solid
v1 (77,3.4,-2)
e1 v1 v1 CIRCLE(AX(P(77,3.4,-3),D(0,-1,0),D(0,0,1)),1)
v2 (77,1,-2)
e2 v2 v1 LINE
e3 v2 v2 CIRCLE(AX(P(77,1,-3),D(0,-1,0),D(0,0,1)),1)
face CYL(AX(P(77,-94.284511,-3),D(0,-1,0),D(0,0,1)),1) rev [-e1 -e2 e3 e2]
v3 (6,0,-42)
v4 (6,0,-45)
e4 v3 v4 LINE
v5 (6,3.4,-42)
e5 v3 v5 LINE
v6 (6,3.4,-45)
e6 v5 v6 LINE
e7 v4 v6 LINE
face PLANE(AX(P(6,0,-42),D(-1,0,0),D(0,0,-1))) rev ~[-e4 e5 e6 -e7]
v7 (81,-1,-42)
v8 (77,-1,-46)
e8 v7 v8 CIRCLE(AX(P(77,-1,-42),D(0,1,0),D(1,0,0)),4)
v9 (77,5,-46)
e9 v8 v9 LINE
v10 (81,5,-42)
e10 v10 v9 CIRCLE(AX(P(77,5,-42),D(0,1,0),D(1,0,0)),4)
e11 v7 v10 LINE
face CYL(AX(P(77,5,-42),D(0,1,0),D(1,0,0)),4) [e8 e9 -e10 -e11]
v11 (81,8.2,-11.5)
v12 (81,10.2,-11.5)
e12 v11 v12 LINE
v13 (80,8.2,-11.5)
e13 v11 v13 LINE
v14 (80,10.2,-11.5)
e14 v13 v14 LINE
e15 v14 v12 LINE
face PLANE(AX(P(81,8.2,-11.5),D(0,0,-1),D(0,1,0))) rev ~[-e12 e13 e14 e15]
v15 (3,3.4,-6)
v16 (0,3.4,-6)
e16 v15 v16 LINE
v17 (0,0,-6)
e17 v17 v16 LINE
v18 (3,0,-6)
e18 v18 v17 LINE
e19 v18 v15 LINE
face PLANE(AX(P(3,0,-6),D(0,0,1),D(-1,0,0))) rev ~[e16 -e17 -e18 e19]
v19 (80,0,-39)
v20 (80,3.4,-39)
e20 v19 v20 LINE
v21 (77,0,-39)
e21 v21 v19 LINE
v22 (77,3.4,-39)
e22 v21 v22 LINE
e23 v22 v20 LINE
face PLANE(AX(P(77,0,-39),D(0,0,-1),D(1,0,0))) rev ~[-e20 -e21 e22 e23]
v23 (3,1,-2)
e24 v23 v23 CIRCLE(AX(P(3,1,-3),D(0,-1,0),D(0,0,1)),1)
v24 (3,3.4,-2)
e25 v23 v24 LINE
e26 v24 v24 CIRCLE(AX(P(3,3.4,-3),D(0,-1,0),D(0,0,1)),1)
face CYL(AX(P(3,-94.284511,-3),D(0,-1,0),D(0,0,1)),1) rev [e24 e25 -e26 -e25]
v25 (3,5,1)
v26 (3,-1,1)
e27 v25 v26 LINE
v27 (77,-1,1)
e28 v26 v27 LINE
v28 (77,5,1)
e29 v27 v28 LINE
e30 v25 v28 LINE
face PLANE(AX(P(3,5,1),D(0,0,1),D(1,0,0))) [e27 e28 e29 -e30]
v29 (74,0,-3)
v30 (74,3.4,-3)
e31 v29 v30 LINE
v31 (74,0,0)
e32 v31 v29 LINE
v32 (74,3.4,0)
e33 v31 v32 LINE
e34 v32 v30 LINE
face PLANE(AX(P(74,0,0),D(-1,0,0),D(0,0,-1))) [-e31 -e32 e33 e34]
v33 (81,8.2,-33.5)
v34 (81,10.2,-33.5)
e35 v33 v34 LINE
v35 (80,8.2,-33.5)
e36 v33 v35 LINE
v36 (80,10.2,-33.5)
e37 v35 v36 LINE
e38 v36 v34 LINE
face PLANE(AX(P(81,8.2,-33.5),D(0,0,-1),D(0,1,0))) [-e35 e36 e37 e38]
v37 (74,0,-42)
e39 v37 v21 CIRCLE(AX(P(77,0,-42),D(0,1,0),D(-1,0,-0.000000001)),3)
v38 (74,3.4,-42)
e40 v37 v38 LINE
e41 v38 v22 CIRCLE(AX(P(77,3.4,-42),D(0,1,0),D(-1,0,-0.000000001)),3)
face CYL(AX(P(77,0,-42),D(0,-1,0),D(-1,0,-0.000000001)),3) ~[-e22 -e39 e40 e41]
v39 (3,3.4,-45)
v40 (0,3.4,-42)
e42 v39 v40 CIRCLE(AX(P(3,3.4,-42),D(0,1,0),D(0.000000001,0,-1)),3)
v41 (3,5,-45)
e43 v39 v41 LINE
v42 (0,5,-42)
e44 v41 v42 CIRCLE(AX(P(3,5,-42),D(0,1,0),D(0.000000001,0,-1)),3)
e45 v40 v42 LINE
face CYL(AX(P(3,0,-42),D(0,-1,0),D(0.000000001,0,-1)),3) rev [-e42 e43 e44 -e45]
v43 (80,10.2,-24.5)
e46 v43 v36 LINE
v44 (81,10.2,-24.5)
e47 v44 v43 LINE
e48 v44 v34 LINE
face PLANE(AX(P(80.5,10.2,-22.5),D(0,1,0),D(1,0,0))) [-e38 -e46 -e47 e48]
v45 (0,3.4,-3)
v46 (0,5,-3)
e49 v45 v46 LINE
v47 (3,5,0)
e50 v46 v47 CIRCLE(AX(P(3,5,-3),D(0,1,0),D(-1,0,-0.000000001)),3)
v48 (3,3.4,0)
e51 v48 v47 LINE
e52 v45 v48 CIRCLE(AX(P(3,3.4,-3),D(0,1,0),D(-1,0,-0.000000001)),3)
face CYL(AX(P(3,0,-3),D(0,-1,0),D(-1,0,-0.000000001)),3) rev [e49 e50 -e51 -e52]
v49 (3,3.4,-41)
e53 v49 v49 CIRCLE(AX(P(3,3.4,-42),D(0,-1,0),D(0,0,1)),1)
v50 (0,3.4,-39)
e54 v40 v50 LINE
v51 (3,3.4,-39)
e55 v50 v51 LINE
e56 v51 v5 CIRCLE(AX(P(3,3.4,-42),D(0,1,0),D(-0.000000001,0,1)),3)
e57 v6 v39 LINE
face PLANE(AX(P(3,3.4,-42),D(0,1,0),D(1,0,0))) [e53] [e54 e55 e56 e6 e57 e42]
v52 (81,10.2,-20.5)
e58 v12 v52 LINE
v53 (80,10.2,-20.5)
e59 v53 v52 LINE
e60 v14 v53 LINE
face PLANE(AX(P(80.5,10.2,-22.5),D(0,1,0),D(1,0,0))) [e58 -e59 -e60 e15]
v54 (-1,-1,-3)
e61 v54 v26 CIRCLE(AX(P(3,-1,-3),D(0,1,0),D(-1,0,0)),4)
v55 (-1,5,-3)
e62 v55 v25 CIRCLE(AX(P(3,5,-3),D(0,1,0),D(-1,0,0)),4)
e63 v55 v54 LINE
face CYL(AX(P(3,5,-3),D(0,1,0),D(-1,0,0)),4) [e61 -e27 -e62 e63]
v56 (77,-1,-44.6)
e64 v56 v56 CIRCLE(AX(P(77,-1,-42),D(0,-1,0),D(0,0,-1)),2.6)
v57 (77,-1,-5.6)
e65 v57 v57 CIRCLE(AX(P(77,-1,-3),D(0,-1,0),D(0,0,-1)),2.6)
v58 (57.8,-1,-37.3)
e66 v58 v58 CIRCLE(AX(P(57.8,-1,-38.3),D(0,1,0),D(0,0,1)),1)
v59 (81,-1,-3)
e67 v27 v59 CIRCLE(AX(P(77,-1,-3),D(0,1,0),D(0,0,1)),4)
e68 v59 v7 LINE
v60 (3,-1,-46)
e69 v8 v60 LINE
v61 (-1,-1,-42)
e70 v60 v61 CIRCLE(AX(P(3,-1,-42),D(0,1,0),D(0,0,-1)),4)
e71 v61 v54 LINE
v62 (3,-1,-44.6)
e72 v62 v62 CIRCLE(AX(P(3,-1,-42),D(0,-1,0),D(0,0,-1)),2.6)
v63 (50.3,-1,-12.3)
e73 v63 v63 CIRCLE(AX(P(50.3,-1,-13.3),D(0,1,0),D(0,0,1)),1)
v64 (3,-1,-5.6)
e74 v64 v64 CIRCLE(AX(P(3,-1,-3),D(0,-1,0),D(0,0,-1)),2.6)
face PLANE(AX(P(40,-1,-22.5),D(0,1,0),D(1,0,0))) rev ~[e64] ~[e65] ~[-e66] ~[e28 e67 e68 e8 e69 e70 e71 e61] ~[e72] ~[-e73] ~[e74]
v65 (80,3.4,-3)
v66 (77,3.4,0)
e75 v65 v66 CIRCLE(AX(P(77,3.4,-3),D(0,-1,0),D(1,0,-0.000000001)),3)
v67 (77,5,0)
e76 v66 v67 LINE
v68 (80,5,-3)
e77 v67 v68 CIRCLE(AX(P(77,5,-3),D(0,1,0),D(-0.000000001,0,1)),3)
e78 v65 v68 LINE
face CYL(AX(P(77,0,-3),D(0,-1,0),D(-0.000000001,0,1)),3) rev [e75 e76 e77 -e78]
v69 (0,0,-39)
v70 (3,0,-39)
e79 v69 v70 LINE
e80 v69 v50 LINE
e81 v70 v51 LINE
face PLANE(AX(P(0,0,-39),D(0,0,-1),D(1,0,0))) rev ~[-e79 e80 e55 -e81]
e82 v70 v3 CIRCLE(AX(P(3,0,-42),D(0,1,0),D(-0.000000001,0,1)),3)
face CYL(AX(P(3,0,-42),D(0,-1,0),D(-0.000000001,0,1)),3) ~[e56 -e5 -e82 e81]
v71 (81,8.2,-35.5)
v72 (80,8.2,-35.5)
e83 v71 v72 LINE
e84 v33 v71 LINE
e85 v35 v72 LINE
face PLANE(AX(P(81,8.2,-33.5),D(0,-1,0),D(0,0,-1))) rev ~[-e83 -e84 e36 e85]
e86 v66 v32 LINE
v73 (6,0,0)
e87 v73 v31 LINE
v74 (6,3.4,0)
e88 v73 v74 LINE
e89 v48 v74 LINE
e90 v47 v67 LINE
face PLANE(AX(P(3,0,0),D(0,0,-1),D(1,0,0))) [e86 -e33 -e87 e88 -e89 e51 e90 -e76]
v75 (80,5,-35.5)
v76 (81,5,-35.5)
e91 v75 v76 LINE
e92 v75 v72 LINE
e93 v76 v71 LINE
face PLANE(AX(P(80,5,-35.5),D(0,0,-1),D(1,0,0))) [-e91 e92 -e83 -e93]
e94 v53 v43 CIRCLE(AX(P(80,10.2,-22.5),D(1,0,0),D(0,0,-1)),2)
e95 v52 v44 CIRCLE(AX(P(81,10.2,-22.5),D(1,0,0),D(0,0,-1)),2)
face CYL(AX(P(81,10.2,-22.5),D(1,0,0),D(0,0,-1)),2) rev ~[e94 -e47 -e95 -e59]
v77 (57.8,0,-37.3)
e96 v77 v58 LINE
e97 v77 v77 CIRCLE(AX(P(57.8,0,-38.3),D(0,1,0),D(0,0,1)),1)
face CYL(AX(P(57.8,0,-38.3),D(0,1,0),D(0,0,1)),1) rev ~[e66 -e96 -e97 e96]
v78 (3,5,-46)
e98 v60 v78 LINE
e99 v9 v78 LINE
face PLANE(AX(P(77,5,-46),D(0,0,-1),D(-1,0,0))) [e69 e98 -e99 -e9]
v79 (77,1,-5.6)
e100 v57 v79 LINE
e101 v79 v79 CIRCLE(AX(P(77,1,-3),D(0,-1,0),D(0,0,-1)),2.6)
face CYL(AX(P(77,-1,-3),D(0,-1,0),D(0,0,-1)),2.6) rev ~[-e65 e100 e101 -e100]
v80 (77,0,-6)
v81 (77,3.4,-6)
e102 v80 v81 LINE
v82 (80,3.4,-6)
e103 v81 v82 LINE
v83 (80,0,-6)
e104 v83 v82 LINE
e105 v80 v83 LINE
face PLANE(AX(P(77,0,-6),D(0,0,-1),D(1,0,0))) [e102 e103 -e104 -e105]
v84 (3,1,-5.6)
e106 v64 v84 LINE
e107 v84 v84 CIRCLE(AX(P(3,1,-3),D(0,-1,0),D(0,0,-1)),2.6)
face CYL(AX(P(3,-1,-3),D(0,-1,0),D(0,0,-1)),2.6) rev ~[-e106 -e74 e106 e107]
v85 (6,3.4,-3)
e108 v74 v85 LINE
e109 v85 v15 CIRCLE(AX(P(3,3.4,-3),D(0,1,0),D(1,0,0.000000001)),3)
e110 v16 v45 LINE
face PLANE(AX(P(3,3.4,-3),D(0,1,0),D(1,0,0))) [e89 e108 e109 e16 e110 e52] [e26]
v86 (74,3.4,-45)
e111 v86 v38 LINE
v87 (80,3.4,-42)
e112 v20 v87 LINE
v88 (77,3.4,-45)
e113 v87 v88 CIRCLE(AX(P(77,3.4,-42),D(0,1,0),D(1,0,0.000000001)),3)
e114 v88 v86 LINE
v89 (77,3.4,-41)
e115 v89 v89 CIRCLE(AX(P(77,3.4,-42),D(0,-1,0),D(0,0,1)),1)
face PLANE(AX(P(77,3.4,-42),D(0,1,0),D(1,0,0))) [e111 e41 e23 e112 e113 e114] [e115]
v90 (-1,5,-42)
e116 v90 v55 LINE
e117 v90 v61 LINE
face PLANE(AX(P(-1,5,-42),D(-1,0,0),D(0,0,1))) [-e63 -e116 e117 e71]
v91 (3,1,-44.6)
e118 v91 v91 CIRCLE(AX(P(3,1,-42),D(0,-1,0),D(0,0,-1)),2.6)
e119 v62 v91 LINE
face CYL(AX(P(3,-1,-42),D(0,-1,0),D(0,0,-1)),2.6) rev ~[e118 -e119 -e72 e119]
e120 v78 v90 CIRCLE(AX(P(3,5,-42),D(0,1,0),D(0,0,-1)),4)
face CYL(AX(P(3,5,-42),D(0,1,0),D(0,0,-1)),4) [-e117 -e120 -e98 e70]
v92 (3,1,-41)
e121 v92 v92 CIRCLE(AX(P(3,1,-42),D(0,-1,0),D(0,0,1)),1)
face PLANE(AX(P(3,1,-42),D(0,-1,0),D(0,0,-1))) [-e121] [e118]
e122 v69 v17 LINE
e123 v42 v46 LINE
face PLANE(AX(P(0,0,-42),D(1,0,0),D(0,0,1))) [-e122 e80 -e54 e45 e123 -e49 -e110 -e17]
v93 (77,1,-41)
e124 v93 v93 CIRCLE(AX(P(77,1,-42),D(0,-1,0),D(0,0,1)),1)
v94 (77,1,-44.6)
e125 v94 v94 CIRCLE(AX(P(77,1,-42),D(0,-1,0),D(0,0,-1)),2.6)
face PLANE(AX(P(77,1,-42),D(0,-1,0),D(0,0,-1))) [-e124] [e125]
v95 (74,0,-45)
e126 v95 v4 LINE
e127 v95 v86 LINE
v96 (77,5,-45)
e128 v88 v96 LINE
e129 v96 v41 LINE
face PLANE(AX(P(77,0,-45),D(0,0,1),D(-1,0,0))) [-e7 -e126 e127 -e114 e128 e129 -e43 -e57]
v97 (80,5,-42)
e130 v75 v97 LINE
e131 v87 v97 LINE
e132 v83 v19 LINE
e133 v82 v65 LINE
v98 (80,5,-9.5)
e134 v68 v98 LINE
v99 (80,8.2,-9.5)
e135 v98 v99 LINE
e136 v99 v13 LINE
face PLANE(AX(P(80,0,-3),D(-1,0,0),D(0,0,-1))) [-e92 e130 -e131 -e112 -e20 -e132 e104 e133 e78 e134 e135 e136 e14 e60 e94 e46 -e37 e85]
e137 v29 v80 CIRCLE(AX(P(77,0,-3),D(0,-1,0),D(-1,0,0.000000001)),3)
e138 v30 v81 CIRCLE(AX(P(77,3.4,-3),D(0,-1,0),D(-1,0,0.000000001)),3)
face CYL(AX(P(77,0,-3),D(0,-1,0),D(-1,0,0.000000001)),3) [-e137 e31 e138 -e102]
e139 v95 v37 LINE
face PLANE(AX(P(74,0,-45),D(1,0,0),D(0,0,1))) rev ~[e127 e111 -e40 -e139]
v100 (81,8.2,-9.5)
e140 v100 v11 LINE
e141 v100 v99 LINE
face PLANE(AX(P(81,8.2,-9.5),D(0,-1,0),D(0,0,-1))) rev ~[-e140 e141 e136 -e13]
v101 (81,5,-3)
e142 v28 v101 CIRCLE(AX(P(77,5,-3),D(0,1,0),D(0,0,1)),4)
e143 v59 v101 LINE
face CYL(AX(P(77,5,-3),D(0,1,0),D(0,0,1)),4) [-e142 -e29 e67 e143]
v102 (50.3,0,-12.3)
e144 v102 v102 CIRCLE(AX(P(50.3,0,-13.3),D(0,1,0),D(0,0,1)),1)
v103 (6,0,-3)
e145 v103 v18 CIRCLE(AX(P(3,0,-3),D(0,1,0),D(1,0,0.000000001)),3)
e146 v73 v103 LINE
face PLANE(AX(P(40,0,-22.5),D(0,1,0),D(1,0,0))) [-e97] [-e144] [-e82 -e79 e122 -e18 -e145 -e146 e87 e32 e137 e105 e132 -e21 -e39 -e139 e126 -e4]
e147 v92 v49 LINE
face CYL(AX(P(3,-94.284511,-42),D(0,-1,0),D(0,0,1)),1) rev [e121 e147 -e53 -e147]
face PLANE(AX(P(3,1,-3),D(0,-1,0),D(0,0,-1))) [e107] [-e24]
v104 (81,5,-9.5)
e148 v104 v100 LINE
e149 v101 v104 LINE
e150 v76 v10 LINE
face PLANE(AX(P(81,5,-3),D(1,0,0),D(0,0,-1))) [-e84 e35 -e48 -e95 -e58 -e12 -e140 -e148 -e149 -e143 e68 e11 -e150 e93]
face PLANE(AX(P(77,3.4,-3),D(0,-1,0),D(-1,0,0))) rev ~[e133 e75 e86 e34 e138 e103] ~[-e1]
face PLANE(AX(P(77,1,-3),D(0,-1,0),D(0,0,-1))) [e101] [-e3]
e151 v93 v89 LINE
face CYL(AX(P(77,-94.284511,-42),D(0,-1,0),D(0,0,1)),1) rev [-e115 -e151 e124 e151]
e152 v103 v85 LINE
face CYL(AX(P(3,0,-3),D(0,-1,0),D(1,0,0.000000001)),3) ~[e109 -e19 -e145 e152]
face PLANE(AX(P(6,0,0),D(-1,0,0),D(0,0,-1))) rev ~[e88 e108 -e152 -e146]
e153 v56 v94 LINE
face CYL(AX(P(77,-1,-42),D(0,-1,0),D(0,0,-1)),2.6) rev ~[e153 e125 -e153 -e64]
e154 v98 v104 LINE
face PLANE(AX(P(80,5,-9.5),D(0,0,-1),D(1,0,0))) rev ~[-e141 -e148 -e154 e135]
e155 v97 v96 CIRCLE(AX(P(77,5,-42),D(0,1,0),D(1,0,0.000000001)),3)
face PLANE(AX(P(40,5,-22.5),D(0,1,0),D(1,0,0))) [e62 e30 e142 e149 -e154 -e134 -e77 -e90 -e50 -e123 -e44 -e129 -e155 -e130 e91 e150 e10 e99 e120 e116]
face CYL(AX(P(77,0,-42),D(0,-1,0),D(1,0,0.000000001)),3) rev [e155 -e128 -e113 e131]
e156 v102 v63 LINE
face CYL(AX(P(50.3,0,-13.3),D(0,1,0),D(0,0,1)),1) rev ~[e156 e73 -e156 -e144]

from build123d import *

# Parameters (mm, degrees)
EXTRUDE_1_DEPTH          = 1
EXTRUDE_START            = 5
EXTRUDE_2_DEPTH          = 5
CUT_EXTRUDE_2_DEPTH      = 5
EXTRUDE_3_DEPTH          = 3.4
CUT_EXTRUDE_3_DEPTH      = 94.28451104
CUT_EXTRUDE_3_DEPTH_BACK = 94.28451104
SKETCH_4_R               = 1
SKETCH_7_R               = 1
CUT_EXTRUDE_8_DEPTH      = 94.28451104
SKETCH_8_R               = 2.6
CUT_EXTRUDE_9_DEPTH      = 2
SKETCH_9_W               = 1
SKETCH_9_H               = 26
EXTRUDE_4_DEPTH          = 5.2
CUT_EXTRUDE_11_REACH     = 96.573
SKETCH_10_R              = 2
SKETCH_10_W              = 2
SKETCH_10_H              = 4


with BuildPart() as part:
    # 草图1 → 凸台-拉伸1 (new body)
    with BuildSketch(Plane(origin=(0, 0, 0), x_dir=(1, 0, 0), z_dir=(0, 1, 0))):
        with BuildLine():
            Line((3, -1), (77, -1))
            ThreePointArc((77, -1), (79.828427125, 0.171572875), (81, 3))
            Line((81, 3), (81, 42))
            ThreePointArc((81, 42), (79.828427125, 44.828427125), (77, 46))
            Line((77, 46), (3, 46))
            ThreePointArc((3, 46), (0.171572875, 44.828427125), (-1, 42))
            Line((-1, 42), (-1, 3))
            ThreePointArc((-1, 3), (0.171572875, 0.171572875), (3, -1))
        make_face()
    extrude(amount=-EXTRUDE_1_DEPTH)

    # 草图1<3> → 凸台-拉伸2 (add)
    with BuildSketch(Plane(origin=(0, 0, 0), x_dir=(1, 0, 0), z_dir=(0, 1, 0)).offset(EXTRUDE_START)):
        with BuildLine():
            Line((3, -1), (77, -1))
            ThreePointArc((77, -1), (79.828427125, 0.171572875), (81, 3))
            Line((81, 3), (81, 42))
            ThreePointArc((81, 42), (79.828427125, 44.828427125), (77, 46))
            Line((77, 46), (3, 46))
            ThreePointArc((3, 46), (0.171572875, 44.828427125), (-1, 42))
            Line((-1, 42), (-1, 3))
            ThreePointArc((-1, 3), (0.171572875, 0.171572875), (3, -1))
        make_face()
    extrude(amount=-EXTRUDE_2_DEPTH)

    # 草图6 → 切除-拉伸2 (cut)
    with BuildSketch(Plane(origin=(0, 0, 0), x_dir=(1, 0, 0), z_dir=(0, 1, 0))):
        with BuildLine():
            Line((80, 3), (80, 42))
            ThreePointArc((80, 42), (79.121320344, 44.121320344), (77, 45))
            Line((77, 45), (3, 45))
            ThreePointArc((3, 45), (0.878679656, 44.121320344), (0, 42))
            Line((0, 42), (0, 3))
            ThreePointArc((0, 3), (0.878679656, 0.878679656), (3, 0))
            Line((3, 0), (77, 0))
            ThreePointArc((77, 0), (79.121320344, 0.878679656), (80, 3))
        make_face()
    extrude(amount=CUT_EXTRUDE_2_DEPTH, mode=Mode.SUBTRACT)

    # 草图5 → 凸台-拉伸3 (add)
    with BuildSketch(Plane(origin=(0, 0, 0), x_dir=(1, 0, 0), z_dir=(0, 1, 0))):
        with BuildLine():
            Line((77, 6), (80, 6))
            Line((80, 6), (80, 3))
            ThreePointArc((80, 3), (79.121320344, 0.878679656), (77, 0))
            Line((77, 0), (74, 0))
            Line((74, 0), (74, 3))
            ThreePointArc((74, 3), (74.878679656, 5.121320344), (77, 6))
        make_face()
        with BuildLine():
            Line((77, 45), (74, 45))
            Line((74, 45), (74, 42))
            ThreePointArc((74, 42), (74.878679656, 39.878679656), (77, 39))
            Line((77, 39), (80, 39))
            Line((80, 39), (80, 42))
            ThreePointArc((80, 42), (79.121320344, 44.121320344), (77, 45))
        make_face()
        with BuildLine():
            Line((0, 42), (0, 39))
            Line((0, 39), (3, 39))
            ThreePointArc((3, 39), (5.121320344, 39.878679656), (6, 42))
            Line((6, 42), (6, 45))
            Line((6, 45), (3, 45))
            ThreePointArc((3, 45), (0.878679656, 44.121320344), (0, 42))
        make_face()
        with BuildLine():
            Line((3, 6), (0, 6))
            Line((0, 6), (0, 3))
            ThreePointArc((0, 3), (0.878679656, 0.878679656), (3, 0))
            Line((3, 0), (6, 0))
            Line((6, 0), (6, 3))
            ThreePointArc((6, 3), (5.121320344, 5.121320344), (3, 6))
        make_face()
    extrude(amount=EXTRUDE_3_DEPTH)

    # 草图4 → 切除-拉伸3 (cut, two sides: drawn at the far end of the back side and taken through both)
    with BuildSketch(Plane(origin=(0, 0, 0), x_dir=(1, 0, 0), z_dir=(0, 1, 0)).offset(-CUT_EXTRUDE_3_DEPTH_BACK)):
        with Locations((3, 42)):
            Circle(SKETCH_4_R)
        with Locations((3, 3)):
            Circle(SKETCH_4_R)
        with Locations((77, 3)):
            Circle(SKETCH_4_R)
        with Locations((77, 42)):
            Circle(SKETCH_4_R)
    extrude(amount=CUT_EXTRUDE_3_DEPTH + CUT_EXTRUDE_3_DEPTH_BACK, mode=Mode.SUBTRACT)

    # 草图7 → 切除-拉伸8 (cut, through all)
    with BuildSketch(Plane(origin=(0, 0, 0), x_dir=(1, 0, 0), z_dir=(0, 1, 0))):
        with Locations((50.3, 13.3)):
            Circle(SKETCH_7_R)
        with Locations((57.8, 38.3)):
            Circle(SKETCH_7_R)
    extrude(amount=-CUT_EXTRUDE_8_DEPTH, mode=Mode.SUBTRACT)

    # 草图8 → 切除-拉伸9 (cut)
    with BuildSketch(Plane.XZ.offset(1)):
        with Locations((3, -3)):
            Circle(SKETCH_8_R)
        with Locations((77, -3)):
            Circle(SKETCH_8_R)
        with Locations((3, -42)):
            Circle(SKETCH_8_R)
        with Locations((77, -42)):
            Circle(SKETCH_8_R)
    extrude(amount=-CUT_EXTRUDE_9_DEPTH, mode=Mode.SUBTRACT)

    # 草图9 → 凸台-拉伸4 (add)
    with BuildSketch(Plane(origin=(0, 5, 0), x_dir=(1, 0, 0), z_dir=(0, 1, 0))):
        with Locations((80.5, 22.5)):
            Rectangle(SKETCH_9_W, SKETCH_9_H)
    extrude(amount=EXTRUDE_4_DEPTH)

    # 草图10 → 切除-拉伸11 (cut, up to next)
    with BuildSketch(Plane(origin=(81, 0, 0), x_dir=(0, 0, -1), z_dir=(1, 0, 0)), mode=Mode.PRIVATE) as cut_extrude_11_sk1:
        with Locations((22.5, 10.2)):
            Circle(SKETCH_10_R)
    cut_extrude_11_tool1 = extrude(cut_extrude_11_sk1.sketch, amount=-CUT_EXTRUDE_11_REACH, mode=Mode.PRIVATE) & part.part
    # 草图10 → 切除-拉伸11 (cut, up to next)
    with BuildSketch(Plane(origin=(81, 0, 0), x_dir=(0, 0, -1), z_dir=(1, 0, 0)), mode=Mode.PRIVATE) as cut_extrude_11_sk2:
        with Locations((10.5, 10.2)):
            Rectangle(SKETCH_10_W, SKETCH_10_H)
    cut_extrude_11_tool2 = extrude(cut_extrude_11_sk2.sketch, amount=-CUT_EXTRUDE_11_REACH, mode=Mode.PRIVATE) & part.part
    # 草图10 → 切除-拉伸11 (cut, up to next)
    with BuildSketch(Plane(origin=(81, 0, 0), x_dir=(0, 0, -1), z_dir=(1, 0, 0)), mode=Mode.PRIVATE) as cut_extrude_11_sk3:
        with Locations((34.5, 10.2)):
            Rectangle(SKETCH_10_W, SKETCH_10_H)
    cut_extrude_11_tool3 = extrude(cut_extrude_11_sk3.sketch, amount=-CUT_EXTRUDE_11_REACH, mode=Mode.PRIVATE) & part.part
    add(cut_extrude_11_tool1.solids().sort_by_distance((81, 10.2, -22.5))[0], mode=Mode.SUBTRACT)
    add(cut_extrude_11_tool2.solids().sort_by_distance((81, 10.2, -10.5))[0], mode=Mode.SUBTRACT)
    add(cut_extrude_11_tool3.solids().sort_by_distance((81, 10.2, -34.5))[0], mode=Mode.SUBTRACT)


solid = part.part
